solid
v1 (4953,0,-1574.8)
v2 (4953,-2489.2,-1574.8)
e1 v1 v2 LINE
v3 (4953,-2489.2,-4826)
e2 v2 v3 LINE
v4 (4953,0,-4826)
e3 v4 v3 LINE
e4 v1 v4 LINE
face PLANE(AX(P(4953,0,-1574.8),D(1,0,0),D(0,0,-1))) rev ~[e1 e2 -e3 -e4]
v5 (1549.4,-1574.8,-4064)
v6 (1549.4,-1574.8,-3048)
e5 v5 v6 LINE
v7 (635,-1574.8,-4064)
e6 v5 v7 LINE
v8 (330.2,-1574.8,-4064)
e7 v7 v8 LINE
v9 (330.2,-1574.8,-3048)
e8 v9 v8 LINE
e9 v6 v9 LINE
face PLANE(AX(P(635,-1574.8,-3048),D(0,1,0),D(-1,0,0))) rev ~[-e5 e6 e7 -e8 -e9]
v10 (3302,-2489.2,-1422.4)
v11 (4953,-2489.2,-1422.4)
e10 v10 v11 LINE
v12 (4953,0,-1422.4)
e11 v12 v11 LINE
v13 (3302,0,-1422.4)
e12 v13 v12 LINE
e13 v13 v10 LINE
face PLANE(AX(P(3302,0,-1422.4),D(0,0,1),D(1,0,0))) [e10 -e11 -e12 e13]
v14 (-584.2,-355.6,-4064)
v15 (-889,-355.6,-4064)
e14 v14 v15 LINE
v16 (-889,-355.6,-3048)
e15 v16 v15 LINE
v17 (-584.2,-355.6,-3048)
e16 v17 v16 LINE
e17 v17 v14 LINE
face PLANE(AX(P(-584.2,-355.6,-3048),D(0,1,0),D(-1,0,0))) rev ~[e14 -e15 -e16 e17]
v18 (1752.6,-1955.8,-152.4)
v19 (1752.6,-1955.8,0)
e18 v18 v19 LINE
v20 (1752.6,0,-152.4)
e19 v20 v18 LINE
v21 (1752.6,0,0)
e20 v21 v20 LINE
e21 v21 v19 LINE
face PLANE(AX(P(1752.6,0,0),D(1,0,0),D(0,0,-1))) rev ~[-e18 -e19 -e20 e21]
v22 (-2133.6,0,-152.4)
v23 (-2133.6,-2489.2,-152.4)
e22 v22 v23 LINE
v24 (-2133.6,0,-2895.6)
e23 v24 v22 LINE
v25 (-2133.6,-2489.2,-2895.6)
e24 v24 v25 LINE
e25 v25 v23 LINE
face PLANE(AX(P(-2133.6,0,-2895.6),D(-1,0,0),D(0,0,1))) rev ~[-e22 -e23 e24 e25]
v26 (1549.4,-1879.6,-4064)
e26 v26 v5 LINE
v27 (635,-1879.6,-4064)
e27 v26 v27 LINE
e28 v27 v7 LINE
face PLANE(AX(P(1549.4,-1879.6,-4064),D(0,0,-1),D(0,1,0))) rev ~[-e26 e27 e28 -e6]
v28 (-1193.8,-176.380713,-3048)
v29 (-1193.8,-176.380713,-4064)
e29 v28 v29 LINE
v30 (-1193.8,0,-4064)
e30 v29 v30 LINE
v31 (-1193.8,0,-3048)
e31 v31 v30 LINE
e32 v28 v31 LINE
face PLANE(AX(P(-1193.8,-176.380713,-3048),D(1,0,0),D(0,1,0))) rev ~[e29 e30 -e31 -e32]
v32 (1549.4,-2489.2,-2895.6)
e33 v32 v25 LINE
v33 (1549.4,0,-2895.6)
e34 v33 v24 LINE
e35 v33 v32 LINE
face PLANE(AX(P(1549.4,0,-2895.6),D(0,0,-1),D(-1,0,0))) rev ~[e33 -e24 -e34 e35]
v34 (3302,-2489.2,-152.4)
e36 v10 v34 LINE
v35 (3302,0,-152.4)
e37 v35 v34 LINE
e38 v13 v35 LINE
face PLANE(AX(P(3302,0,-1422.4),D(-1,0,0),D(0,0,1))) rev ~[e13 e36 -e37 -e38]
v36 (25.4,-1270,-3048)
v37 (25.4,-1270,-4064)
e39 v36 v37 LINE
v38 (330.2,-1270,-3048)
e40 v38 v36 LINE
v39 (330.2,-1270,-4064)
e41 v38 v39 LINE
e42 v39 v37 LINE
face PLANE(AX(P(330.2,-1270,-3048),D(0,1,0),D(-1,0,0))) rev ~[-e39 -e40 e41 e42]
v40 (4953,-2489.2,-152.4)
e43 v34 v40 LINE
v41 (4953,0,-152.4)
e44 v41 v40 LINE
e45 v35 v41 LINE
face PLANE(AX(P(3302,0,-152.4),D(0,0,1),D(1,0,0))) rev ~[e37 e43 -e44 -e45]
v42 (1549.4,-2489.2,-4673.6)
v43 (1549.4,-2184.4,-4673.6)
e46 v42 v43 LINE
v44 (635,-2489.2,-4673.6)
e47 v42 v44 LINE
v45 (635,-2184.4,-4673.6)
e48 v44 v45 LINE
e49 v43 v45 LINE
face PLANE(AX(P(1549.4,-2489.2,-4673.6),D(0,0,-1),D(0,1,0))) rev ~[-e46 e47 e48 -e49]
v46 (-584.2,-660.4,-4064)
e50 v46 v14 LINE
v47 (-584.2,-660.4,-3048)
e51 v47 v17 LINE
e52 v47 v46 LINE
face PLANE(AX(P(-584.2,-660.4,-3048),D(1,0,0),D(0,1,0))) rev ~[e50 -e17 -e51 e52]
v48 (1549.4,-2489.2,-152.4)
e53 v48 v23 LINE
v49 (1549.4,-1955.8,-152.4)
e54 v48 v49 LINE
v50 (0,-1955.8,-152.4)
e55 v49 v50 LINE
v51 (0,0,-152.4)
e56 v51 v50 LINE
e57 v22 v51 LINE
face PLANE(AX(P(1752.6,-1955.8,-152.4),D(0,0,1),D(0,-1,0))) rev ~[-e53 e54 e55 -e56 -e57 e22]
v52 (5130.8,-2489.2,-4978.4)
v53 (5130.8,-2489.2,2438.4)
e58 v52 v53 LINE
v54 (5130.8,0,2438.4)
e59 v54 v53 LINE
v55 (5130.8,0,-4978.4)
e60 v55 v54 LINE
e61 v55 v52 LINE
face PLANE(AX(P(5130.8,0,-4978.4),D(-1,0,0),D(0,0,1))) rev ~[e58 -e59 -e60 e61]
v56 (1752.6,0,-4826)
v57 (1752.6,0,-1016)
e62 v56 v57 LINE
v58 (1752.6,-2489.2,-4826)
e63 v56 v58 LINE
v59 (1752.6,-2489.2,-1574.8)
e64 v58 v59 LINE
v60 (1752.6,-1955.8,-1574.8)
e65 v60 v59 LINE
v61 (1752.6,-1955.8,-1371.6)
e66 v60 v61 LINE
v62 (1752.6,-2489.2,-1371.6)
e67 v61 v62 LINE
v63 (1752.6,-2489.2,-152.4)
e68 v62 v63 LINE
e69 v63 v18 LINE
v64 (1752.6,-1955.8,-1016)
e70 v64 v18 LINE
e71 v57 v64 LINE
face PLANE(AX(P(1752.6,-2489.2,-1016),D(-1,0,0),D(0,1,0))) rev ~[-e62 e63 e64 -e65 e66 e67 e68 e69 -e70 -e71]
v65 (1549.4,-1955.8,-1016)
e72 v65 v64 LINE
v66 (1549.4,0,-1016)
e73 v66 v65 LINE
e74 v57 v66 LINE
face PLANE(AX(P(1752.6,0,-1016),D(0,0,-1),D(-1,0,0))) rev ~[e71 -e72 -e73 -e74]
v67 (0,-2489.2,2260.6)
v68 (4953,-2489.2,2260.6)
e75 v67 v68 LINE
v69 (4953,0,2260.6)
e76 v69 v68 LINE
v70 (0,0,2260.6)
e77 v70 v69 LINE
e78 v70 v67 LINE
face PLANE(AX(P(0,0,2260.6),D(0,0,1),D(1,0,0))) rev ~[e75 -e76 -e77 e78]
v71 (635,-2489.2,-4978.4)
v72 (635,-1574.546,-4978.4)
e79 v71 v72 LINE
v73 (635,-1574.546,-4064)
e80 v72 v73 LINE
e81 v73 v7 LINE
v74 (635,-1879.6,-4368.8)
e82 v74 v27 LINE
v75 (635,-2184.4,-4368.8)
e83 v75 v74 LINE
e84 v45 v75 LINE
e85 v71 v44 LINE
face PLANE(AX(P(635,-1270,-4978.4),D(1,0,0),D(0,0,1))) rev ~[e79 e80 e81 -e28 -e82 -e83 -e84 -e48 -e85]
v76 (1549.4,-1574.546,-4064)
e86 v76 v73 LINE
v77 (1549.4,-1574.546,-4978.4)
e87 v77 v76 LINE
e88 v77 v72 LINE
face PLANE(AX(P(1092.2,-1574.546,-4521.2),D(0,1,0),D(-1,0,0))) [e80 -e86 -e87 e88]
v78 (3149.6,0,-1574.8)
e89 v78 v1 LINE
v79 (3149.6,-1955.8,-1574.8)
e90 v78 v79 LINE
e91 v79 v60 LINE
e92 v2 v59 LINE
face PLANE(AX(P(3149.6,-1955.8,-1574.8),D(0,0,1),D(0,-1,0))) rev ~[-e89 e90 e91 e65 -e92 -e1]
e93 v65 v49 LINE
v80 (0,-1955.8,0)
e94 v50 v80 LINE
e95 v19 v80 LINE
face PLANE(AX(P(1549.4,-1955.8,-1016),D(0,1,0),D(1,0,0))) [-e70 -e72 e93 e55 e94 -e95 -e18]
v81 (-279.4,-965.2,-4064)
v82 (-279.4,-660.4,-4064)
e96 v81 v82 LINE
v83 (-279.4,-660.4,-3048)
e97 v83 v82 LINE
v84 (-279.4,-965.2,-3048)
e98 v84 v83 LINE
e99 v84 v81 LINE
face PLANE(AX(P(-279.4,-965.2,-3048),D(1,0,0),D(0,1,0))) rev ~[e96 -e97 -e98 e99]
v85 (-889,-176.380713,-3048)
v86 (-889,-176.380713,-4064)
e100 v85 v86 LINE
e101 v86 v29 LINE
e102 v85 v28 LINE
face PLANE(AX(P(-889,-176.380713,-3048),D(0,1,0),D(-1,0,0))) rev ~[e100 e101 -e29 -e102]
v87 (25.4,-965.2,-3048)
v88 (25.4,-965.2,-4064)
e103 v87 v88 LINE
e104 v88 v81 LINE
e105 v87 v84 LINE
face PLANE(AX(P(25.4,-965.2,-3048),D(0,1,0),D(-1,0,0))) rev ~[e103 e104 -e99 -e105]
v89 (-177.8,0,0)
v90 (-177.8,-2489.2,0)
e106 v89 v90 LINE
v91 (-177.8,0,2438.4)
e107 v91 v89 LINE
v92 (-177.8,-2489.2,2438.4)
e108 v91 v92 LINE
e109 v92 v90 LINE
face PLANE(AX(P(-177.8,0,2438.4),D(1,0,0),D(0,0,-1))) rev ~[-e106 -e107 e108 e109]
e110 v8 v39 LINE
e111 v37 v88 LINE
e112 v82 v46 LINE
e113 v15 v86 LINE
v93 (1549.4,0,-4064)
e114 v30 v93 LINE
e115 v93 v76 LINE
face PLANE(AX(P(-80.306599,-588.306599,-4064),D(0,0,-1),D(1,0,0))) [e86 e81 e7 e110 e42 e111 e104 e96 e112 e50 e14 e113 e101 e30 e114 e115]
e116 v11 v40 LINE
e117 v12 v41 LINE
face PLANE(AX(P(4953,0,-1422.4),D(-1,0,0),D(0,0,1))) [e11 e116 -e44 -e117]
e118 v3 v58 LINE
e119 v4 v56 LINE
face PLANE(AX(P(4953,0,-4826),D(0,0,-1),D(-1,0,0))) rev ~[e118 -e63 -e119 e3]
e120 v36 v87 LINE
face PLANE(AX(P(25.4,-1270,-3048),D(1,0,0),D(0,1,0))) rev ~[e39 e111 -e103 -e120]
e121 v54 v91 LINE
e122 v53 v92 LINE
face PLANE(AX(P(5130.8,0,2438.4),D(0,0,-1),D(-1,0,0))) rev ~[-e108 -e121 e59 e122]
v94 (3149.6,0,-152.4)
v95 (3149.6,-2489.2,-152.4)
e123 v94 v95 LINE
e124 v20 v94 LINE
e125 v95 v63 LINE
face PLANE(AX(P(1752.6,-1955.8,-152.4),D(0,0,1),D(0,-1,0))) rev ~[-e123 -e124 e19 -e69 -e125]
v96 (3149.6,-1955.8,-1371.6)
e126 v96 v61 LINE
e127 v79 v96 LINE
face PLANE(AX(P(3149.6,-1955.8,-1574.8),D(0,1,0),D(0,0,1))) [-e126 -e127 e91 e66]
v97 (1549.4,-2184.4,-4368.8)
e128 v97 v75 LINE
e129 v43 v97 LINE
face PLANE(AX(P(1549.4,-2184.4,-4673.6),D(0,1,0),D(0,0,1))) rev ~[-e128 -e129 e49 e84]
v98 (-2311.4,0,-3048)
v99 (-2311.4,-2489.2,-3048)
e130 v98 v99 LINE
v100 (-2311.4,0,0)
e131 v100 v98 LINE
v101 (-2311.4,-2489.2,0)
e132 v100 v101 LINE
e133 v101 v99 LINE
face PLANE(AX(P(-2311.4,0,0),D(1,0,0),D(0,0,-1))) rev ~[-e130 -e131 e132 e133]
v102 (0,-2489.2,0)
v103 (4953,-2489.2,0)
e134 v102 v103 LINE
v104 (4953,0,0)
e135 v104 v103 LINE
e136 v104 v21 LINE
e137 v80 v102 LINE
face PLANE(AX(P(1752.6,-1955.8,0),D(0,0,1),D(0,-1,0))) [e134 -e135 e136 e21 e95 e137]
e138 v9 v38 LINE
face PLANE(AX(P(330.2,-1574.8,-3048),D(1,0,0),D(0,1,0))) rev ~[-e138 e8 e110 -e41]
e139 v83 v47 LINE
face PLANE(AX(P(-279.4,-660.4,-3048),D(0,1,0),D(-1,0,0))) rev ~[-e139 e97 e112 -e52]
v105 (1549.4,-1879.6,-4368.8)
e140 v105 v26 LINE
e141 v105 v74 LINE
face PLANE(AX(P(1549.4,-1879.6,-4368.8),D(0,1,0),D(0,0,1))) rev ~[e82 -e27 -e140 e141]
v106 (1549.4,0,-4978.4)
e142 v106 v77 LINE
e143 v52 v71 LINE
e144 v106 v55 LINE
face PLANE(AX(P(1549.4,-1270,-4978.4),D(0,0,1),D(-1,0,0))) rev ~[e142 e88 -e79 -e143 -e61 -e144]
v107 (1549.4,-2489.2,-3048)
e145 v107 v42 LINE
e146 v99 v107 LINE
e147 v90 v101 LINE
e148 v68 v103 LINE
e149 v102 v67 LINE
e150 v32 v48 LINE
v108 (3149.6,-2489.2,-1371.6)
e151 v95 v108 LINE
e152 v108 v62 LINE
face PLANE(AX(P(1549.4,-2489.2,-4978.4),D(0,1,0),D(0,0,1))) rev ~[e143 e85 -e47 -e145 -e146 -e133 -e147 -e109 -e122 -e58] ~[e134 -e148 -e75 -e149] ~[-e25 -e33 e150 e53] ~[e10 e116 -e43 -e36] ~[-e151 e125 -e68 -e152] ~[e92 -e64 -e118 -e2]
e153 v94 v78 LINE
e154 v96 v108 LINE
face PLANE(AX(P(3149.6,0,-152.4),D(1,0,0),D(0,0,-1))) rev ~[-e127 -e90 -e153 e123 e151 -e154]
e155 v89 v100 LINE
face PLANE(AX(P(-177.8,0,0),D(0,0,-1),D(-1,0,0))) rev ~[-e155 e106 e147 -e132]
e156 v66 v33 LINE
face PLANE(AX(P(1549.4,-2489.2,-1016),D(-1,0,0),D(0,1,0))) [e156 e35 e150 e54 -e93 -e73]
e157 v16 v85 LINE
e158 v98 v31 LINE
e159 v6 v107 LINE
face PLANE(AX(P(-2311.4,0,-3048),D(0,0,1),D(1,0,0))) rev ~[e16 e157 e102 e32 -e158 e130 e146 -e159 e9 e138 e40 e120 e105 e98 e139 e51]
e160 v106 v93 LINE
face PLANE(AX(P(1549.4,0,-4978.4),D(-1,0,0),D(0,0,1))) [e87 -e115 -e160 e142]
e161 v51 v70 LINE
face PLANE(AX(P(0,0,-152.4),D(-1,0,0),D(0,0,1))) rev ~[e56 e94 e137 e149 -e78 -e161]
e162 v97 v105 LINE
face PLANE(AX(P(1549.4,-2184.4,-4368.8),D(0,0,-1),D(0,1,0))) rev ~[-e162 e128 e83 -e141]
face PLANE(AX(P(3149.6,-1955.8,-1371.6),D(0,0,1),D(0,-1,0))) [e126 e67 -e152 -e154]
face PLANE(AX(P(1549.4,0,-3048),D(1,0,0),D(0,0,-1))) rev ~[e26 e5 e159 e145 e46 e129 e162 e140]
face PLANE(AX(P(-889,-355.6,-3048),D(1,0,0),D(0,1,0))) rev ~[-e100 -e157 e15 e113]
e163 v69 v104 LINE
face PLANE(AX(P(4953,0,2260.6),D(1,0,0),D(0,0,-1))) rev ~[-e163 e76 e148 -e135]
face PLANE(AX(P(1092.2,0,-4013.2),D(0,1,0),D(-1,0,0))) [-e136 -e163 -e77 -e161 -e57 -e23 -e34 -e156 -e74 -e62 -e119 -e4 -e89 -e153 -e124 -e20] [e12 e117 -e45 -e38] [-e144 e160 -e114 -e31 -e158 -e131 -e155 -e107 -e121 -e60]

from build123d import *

# Parameters (mm, degrees)
F0_W       = 1651
F0_H       = 1270
F1_DEPTH   = 2489.2
F2_W       = 533.4
F2_H       = 152.4
F3_DEPTH   = 1752.6
F4_W       = 203.2
F4_H       = 533.4
F5_DEPTH   = 863.6
F6_W       = 533.4
F6_H       = 203.2
F7_DEPTH   = 1397
F9_DEPTH   = 914.4
F9_FACE_W  = 914.4
F9_FACE_H  = 304.8
F10_DEPTH  = 711.2
F10_FACE_W = 914.4
F10_FACE_H = 1930.4
F11_DEPTH  = 1270
F13_DEPTH  = 1016
F14_W      = 914.4
F14_H      = 914.4
F15_DEPTH  = 1574.546


with BuildPart() as f1:
    # F0 (on Front) → F1 (new body)
    with BuildSketch(Plane.XZ):
        Polygon((5130.8, -4978.4), (5130.8, 2438.4), (-177.8, 2438.4), (-177.8, 0), (-2311.4, 0), (-2311.4, -3048), (1549.4, -3048), (1549.4, -4978.4), align=None)
        Polygon((4953, 2260.6), (4953, 0), (1752.6, 0), (1752.6, -152.4), (3149.6, -152.4), (3149.6, -1574.8), (4953, -1574.8), (4953, -4826), (1752.6, -4826), (1752.6, -1016), (1549.4, -1016), (1549.4, -2895.6), (-2133.6, -2895.6), (-2133.6, -152.4), (0, -152.4), (0, 0), (0, 2260.6), align=None, mode=Mode.SUBTRACT)
        with Locations((4127.5, -787.4)):
            Rectangle(F0_W, F0_H, mode=Mode.SUBTRACT)
    extrude(amount=F1_DEPTH)

    # F2 (on face) → F3 (join, through all)
    with BuildSketch(Plane(origin=(1752.6, 0, 0), x_dir=(0, -1, 0), z_dir=(-1, 0, 0))):
        with Locations((2222.5, -76.2)):
            Rectangle(F2_W, F2_H)
    extrude(amount=F3_DEPTH)

    # F4 (on face) → F5 (join, through all)
    with BuildSketch(Plane.XY.offset(-1016)):
        with Locations((1651, -2222.5)):
            Rectangle(F4_W, F4_H)
    extrude(amount=F5_DEPTH)

    # F6 (on face) → F7 (join, through all)
    with BuildSketch(Plane(origin=(3149.6, 0, 0), x_dir=(0, -1, 0), z_dir=(-1, 0, 0))):
        with Locations((2222.5, -1473.2)):
            Rectangle(F6_W, F6_H)
    extrude(amount=F7_DEPTH)

    # F8 (on face) → F9 (join)
    with BuildSketch(Plane(origin=(1549.4, 0, 0), x_dir=(0, -1, 0), z_dir=(-1, 0, 0))):
        Polygon((1270, -4978.4), (2489.2, -4978.4), (2489.2, -4673.6), (2184.4, -4673.6), (2184.4, -4368.8), (1879.6, -4368.8), (1879.6, -4064), (1574.8, -4064), (1574.8, -3759.2), (1270, -3759.2), align=None)
    extrude(amount=F9_DEPTH)

    # F9_face (on face) → F10 (join, through all)
    with BuildSketch(Plane(origin=(1092.2, -1422.4, -3759.2), x_dir=(1, 0, 0), z_dir=(0, 0, 1))):
        Rectangle(F9_FACE_W, F9_FACE_H)
    extrude(amount=F10_DEPTH)

    # F10_face (on face) → F11 (join, through all)
    with BuildSketch(Plane(origin=(1092.2, -1270, -4013.2), x_dir=(-1, 0, 0), z_dir=(0, 1, 0))):
        Rectangle(F10_FACE_W, F10_FACE_H)
    extrude(amount=F11_DEPTH)

    # F12 (on face) → F13 (join, through all)
    with BuildSketch(Plane(origin=(0, 0, -3048), x_dir=(1, 0, 0), z_dir=(0, 0, -1))):
        Polygon((635, 0), (635, 1574.8), (330.2, 1574.8), (330.2, 1270), (25.4, 1270), (25.4, 965.2), (-279.4, 965.2), (-279.4, 660.4), (-584.2, 660.4), (-584.2, 355.6), (-889, 355.6), (-889, 176.380713), (-1193.8, 176.380713), (-1193.8, 0), align=None)
    extrude(amount=F13_DEPTH)

    # F14 (on face) → F15 (cut)
    with BuildSketch(Plane(origin=(0, 0, 0), x_dir=(-1, 0, 0), z_dir=(0, 1, 0))):
        with Locations((-1092.2, -4521.2)):
            Rectangle(F14_W, F14_H)
    extrude(amount=-F15_DEPTH, mode=Mode.SUBTRACT)


solid = f1.part
